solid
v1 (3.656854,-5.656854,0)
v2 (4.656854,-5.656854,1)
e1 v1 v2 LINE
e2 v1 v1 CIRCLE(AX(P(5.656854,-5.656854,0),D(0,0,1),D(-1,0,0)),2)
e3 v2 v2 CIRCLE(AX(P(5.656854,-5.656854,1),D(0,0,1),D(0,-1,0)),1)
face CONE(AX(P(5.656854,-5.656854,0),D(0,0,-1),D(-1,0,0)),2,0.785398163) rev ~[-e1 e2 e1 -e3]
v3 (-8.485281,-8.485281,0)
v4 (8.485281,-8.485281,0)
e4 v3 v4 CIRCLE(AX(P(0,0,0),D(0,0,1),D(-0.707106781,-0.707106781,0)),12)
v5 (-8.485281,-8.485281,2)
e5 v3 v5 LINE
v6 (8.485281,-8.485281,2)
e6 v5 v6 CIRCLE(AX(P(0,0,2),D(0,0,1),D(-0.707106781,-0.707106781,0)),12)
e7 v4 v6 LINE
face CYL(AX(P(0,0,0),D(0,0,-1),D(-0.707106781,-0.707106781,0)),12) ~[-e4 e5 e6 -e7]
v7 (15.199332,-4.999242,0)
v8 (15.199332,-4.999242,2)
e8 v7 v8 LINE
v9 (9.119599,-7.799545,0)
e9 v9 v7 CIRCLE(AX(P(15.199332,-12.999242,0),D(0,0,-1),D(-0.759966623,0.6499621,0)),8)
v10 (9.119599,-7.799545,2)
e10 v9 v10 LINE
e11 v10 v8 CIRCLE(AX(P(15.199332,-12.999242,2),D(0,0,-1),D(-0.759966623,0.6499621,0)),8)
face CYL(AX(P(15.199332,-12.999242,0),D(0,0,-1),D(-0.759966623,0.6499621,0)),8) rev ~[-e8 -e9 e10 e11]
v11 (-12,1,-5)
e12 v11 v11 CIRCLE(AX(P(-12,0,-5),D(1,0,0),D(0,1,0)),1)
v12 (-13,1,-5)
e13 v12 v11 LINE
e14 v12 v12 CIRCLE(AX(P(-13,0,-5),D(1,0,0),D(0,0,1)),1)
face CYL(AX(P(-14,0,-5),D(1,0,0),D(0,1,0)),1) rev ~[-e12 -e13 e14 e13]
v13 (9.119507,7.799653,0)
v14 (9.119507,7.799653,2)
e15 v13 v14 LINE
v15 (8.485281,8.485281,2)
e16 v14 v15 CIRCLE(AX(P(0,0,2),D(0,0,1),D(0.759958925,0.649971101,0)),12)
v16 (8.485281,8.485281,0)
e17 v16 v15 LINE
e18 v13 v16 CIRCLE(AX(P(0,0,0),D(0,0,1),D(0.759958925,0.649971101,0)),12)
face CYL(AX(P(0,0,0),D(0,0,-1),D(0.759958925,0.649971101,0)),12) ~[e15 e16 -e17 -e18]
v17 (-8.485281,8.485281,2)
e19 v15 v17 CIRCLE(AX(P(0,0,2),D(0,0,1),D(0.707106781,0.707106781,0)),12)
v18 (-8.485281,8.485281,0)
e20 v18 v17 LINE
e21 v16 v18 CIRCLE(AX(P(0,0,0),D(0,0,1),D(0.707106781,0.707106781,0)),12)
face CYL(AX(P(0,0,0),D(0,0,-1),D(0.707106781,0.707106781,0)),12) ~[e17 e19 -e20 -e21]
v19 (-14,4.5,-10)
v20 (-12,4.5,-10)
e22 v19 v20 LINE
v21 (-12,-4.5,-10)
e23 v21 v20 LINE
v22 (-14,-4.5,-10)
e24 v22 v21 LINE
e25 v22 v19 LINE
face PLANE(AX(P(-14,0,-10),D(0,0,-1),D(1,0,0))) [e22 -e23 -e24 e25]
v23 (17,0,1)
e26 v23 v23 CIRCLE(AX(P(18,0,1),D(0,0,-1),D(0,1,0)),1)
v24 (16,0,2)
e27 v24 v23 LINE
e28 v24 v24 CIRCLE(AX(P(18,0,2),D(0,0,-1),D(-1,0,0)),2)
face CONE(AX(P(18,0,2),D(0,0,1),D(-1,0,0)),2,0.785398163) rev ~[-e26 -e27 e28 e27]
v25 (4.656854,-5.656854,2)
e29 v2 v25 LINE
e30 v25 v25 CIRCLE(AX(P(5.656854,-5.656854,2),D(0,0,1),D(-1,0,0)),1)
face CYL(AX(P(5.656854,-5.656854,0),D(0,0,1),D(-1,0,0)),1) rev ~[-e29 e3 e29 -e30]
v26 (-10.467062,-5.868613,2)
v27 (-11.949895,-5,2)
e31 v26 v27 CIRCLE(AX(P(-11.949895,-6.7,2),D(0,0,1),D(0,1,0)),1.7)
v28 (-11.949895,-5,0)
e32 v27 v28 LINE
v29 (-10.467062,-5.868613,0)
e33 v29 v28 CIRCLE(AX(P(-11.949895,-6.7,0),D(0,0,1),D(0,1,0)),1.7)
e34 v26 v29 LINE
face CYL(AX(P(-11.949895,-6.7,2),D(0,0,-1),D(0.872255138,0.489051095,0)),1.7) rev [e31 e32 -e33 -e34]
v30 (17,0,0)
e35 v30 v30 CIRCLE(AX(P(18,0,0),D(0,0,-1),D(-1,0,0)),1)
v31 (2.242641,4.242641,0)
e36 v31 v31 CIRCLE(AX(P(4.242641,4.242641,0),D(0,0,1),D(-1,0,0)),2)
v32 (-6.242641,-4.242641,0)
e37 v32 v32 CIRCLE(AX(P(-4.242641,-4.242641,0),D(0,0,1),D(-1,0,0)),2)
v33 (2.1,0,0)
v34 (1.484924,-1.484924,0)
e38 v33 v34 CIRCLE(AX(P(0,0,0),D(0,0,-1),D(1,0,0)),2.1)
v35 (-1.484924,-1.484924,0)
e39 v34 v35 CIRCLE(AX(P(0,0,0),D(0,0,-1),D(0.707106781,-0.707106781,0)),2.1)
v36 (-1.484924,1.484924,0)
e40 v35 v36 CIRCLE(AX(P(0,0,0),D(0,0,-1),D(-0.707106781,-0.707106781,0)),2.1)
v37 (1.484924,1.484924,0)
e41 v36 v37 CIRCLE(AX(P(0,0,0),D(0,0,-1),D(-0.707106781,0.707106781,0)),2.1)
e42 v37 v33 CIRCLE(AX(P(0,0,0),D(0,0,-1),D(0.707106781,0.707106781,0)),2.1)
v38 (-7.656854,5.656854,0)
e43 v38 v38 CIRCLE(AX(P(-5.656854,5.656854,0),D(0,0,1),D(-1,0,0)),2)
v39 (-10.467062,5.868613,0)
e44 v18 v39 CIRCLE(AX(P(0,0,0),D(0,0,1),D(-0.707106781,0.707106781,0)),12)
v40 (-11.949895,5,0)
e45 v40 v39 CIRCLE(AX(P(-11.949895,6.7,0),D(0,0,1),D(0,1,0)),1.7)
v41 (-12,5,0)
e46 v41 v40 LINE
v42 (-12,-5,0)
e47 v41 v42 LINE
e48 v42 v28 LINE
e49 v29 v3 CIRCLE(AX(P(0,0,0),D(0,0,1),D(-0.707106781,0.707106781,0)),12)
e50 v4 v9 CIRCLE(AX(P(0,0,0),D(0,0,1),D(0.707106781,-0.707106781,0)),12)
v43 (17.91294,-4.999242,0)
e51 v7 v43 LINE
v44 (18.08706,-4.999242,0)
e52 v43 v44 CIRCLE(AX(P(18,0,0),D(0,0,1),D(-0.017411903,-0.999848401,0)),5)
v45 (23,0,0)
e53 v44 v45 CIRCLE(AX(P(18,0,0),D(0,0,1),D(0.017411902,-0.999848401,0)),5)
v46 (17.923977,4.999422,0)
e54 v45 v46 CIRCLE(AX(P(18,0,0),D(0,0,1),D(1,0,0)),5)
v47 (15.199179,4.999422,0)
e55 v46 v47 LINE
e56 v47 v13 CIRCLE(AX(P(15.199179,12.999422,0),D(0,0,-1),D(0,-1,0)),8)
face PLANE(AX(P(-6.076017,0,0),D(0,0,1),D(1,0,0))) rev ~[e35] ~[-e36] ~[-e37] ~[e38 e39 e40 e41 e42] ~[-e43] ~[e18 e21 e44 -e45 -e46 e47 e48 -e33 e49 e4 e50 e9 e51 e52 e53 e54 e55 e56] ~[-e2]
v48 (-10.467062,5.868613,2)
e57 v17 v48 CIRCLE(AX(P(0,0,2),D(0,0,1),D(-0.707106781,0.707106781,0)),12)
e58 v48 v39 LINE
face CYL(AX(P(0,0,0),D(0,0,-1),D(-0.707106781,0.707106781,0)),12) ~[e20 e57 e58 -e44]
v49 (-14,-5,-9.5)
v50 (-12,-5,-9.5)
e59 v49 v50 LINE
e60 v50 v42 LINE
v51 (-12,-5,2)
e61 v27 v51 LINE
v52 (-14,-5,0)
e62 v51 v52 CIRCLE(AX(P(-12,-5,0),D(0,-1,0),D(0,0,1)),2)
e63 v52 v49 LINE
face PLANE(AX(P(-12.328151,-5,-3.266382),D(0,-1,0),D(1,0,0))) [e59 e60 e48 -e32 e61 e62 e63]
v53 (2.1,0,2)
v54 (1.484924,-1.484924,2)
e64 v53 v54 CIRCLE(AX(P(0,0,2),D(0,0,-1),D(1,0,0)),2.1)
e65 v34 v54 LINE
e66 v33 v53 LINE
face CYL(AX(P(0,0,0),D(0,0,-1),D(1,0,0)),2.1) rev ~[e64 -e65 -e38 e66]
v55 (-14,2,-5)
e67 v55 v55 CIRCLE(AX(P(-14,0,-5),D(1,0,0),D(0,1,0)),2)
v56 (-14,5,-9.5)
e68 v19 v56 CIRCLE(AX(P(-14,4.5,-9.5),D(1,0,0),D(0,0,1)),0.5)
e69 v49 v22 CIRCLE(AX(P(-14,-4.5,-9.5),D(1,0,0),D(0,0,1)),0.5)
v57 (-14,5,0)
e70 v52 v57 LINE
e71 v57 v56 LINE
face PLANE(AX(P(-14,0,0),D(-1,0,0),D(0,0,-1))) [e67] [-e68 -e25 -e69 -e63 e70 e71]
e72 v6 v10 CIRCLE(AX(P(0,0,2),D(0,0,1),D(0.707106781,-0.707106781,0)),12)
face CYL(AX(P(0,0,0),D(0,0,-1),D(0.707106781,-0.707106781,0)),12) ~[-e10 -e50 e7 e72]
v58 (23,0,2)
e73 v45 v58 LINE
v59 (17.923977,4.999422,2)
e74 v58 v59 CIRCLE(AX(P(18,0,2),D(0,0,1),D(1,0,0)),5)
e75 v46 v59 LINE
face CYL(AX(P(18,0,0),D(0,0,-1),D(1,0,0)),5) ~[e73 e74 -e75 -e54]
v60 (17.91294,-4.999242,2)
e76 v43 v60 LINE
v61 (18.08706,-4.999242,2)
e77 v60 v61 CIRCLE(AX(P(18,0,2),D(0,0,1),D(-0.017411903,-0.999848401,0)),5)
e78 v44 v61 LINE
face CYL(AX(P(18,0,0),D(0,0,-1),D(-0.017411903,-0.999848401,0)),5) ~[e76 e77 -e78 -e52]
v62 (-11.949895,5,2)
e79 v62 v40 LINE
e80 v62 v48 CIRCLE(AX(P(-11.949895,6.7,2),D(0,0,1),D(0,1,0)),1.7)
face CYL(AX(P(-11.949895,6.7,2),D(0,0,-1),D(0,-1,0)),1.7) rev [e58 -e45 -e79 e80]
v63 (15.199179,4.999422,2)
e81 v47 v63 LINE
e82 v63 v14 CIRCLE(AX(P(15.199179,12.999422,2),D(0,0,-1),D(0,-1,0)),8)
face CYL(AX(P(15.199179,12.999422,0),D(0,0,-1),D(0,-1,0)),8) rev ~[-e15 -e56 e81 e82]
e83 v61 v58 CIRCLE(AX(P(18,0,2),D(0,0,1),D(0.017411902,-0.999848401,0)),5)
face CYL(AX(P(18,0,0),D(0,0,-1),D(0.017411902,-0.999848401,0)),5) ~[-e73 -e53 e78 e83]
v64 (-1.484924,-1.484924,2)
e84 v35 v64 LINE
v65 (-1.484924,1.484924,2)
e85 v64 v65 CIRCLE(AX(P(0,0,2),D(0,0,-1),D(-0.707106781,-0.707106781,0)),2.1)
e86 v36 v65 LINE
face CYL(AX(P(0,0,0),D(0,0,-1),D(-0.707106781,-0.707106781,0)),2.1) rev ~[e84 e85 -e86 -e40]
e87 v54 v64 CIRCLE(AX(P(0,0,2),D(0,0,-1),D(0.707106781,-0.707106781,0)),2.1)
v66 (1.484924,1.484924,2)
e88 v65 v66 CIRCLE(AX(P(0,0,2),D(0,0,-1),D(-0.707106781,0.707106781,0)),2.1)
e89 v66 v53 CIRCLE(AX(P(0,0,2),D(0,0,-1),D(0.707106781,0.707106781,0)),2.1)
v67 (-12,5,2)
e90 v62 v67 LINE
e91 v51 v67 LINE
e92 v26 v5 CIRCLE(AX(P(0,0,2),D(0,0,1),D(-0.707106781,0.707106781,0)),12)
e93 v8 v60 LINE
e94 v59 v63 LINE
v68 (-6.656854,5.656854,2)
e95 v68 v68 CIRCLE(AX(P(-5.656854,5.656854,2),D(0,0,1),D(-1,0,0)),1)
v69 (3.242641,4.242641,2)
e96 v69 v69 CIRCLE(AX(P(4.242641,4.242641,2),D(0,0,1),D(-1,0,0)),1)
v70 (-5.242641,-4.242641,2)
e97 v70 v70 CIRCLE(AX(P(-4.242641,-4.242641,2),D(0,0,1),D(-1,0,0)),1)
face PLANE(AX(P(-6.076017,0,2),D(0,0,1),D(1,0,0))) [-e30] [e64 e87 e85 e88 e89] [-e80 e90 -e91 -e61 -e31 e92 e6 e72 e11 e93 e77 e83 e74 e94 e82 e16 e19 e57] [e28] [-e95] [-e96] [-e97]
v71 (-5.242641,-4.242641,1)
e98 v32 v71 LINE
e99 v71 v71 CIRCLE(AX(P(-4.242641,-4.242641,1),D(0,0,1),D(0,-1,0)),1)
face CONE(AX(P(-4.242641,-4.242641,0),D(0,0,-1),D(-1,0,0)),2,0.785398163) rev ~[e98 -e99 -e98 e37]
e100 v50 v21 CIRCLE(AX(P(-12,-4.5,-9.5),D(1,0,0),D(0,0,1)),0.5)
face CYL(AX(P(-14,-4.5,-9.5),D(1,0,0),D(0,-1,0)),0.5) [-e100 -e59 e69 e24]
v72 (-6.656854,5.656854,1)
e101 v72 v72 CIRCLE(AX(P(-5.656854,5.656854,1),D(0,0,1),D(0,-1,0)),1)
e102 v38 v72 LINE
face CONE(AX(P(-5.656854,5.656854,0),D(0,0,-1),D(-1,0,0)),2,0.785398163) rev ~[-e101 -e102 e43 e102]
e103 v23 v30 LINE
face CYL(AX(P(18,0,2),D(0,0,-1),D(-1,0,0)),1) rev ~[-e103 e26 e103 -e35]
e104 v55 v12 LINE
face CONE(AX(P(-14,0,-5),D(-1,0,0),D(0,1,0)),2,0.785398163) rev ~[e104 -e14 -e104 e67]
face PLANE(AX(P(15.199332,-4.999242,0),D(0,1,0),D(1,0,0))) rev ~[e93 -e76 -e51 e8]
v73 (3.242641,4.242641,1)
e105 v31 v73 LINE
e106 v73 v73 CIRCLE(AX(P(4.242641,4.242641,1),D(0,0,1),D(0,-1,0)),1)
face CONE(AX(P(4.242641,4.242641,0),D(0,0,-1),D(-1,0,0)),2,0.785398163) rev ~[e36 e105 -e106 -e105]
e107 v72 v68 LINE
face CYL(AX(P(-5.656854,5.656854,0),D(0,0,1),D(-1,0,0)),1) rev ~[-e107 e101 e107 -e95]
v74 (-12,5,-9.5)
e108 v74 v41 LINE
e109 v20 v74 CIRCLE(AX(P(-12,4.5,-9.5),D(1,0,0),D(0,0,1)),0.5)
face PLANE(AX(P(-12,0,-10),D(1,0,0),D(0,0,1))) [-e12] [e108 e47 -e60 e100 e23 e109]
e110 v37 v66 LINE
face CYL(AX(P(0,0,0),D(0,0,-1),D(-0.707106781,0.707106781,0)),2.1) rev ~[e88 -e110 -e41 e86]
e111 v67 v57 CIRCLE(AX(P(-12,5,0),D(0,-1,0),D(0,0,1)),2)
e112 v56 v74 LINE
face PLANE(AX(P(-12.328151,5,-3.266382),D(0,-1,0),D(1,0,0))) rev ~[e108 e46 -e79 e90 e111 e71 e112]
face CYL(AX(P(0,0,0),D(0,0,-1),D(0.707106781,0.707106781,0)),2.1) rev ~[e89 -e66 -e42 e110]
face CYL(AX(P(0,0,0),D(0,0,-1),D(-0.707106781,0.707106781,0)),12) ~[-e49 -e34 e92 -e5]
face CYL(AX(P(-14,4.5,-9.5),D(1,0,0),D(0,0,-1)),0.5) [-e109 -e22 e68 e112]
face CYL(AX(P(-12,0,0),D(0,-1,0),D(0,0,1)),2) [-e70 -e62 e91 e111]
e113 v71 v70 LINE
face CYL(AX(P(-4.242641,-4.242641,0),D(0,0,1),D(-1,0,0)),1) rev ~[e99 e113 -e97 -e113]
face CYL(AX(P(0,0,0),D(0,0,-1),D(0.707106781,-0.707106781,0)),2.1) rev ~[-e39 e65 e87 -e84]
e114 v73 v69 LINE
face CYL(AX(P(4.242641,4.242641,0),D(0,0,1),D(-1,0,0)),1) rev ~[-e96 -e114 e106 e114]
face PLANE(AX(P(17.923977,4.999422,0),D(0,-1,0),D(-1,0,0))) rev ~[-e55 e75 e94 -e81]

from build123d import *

# Parameters (mm, degrees)
F1_DEPTH        = 2
F3_DEPTH        = 5
F4_R            = 1.7
F5_R            = 1.7
F7_D            = 2
F7_CSINK_D      = 4
F7_CSINK_ANGLE  = 90
F8_DEPTH        = 2
F9_D            = 2
F9_CSINK_D      = 4
F9_CSINK_ANGLE  = 90
F10_R           = 0.5
F12_D           = 2
F12_CSINK_D     = 4
F12_CSINK_ANGLE = 90


with BuildPart() as f1:
    # F0 (on Top) → F1 (new body)
    with BuildSketch(Plane.XY):
        with BuildLine():
            ThreePointArc((10.9090595084, -4.9992420067), (11.7240930161, -2.5584454166), (12, 0))
            ThreePointArc((12, 0), (11.7240719072, 2.5585421465), (10.9089770141, 4.9994220172))
            ThreePointArc((10.9089770141, 4.9994220172), (10.1116451525, 6.4617824406), (9.1195071029, 7.7996532103))
            ThreePointArc((9.1195071029, 7.7996532103), (8.8090672506, 8.1486400199), (8.4852813742, 8.4852813742))
            Line((8.4852813742, 8.4852813742), (5.6568542495, 5.6568542495))
            ThreePointArc((5.6568542495, 5.6568542495), (7.3910362601, 3.0614674589), (8, 0))
            ThreePointArc((8, 0), (7.3910362601, -3.0614674589), (5.6568542495, -5.6568542495))
            Line((5.6568542495, -5.6568542495), (8.4852813742, -8.4852813742))
            ThreePointArc((8.4852813742, -8.4852813742), (8.8091155041, -8.1485878553), (9.1195994764, -7.799545204))
            ThreePointArc((9.1195994764, -7.799545204), (10.1117367293, -6.4616391356), (10.9090595084, -4.9992420067))
        make_face()
        with BuildLine():
            ThreePointArc((10.9089770141, 4.9994220172), (11.7240719072, 2.5585421465), (12, 0))
            ThreePointArc((12, 0), (11.7240930161, -2.5584454166), (10.9090595084, -4.9992420067))
            Line((10.9090595084, -4.9992420067), (15.1993324607, -4.9992420067))
            Line((15.1993324607, -4.9992420067), (17.9129404916, -4.9992420067))
            ThreePointArc((17.9129404916, -4.9992420067), (13.0000030459, 0.0055189952), (17.9239770141, 4.9994220172))
            Line((17.9239770141, 4.9994220172), (15.1991785048, 4.9994220172))
            Line((15.1991785048, 4.9994220172), (10.9089770141, 4.9994220172))
        make_face()
        with BuildLine():
            ThreePointArc((9.1195071029, 7.7996532103), (10.1116451525, 6.4617824406), (10.9089770141, 4.9994220172))
            Line((10.9089770141, 4.9994220172), (15.1991785048, 4.9994220172))
            ThreePointArc((15.1991785048, 4.9994220172), (11.8524002372, 5.7331248014), (9.1195071029, 7.7996532103))
        make_face()
        with BuildLine():
            Line((15.1993324607, -4.9992420067), (10.9090595084, -4.9992420067))
            ThreePointArc((10.9090595084, -4.9992420067), (10.1117367293, -6.4616391356), (9.1195994764, -7.799545204))
            ThreePointArc((9.1195994764, -7.799545204), (11.8525111644, -5.7329646097), (15.1993324607, -4.9992420067))
        make_face()
        with BuildLine():
            Line((5.6568542495, 5.6568542495), (8.4852813742, 8.4852813742))
            ThreePointArc((8.4852813742, 8.4852813742), (0, 12), (-8.4852813742, 8.4852813742))
            Line((-8.4852813742, 8.4852813742), (-5.6568542495, 5.6568542495))
            ThreePointArc((-5.6568542495, 5.6568542495), (0, 8), (5.6568542495, 5.6568542495))
        make_face()
        with BuildLine():
            ThreePointArc((23, 0), (21.5085527693, 3.5623106918), (17.9239770141, 4.9994220172))
            ThreePointArc((17.9239770141, 4.9994220172), (13.0000030459, 0.0055189952), (17.9129404916, -4.9992420067))
            Line((17.9129404916, -4.9992420067), (18.0870595084, -4.9992420067))
            ThreePointArc((18.0870595084, -4.9992420067), (21.5661812589, -3.5046185568), (23, 0))
        make_face()
        with BuildLine():
            ThreePointArc((-8.4852813742, -8.4852813742), (0, -12), (8.4852813742, -8.4852813742))
            Line((8.4852813742, -8.4852813742), (5.6568542495, -5.6568542495))
            ThreePointArc((5.6568542495, -5.6568542495), (0, -8), (-5.6568542495, -5.6568542495))
            Line((-5.6568542495, -5.6568542495), (-8.4852813742, -8.4852813742))
        make_face()
        with BuildLine():
            Line((18.0870595084, -4.9992420067), (17.9129404916, -4.9992420067))
            ThreePointArc((17.9129404916, -4.9992420067), (18, -5), (18.0870595084, -4.9992420067))
        make_face()
        with BuildLine():
            Line((-5.6568542495, 5.6568542495), (-8.4852813742, 8.4852813742))
            ThreePointArc((-8.4852813742, 8.4852813742), (-12, 0), (-8.4852813742, -8.4852813742))
            Line((-8.4852813742, -8.4852813742), (-5.6568542495, -5.6568542495))
            ThreePointArc((-5.6568542495, -5.6568542495), (-8, 0), (-5.6568542495, 5.6568542495))
        make_face()
    extrude(amount=F1_DEPTH)

    # F2 (on Front) → F3 (join, symmetric)
    with BuildSketch(Plane.XZ):
        with BuildLine():
            Line((-11.9999999998, -10), (-11.9999999998, 0))
            Line((-11.9999999998, 0), (-8.9999999998, 0))
            Line((-8.9999999998, 0), (-8.9999999998, 2))
            Line((-8.9999999998, 2), (-11.9999999998, 2))
            ThreePointArc((-11.9999999998, 2), (-13.4142135622, 1.4142135624), (-13.9999999998, 0))
            Line((-13.9999999998, 0), (-13.9999999998, -10))
            Line((-13.9999999998, -10), (-11.9999999998, -10))
        make_face()
    extrude(amount=F3_DEPTH, both=True)

    # F4
    f4_edges = [f1.edges().sort_by_distance(p)[0] for p in [
        (-10.908712, -5, 1),
    ]]
    fillet(f4_edges, radius=F4_R)

    # F5
    f5_edges = [f1.edges().sort_by_distance(p)[0] for p in [
        (-10.908712, 5, 1),
    ]]
    fillet(f5_edges, radius=F5_R)

    # F7 (through all)
    with Locations(Plane.XY.offset(2)):
        with Locations((18, 0)):
            CounterSinkHole(F7_D / 2, F7_CSINK_D / 2, counter_sink_angle=F7_CSINK_ANGLE)

    # F0 (on Top) → F8 (join)
    with BuildSketch(Plane.XY):
        with BuildLine():
            Line((-4.2426406871, 4.2426406871), (-5.6568542495, 5.6568542495))
            ThreePointArc((-5.6568542495, 5.6568542495), (-8, 0), (-5.6568542495, -5.6568542495))
            Line((-5.6568542495, -5.6568542495), (-4.2426406871, -4.2426406871))
            ThreePointArc((-4.2426406871, -4.2426406871), (-6, 0), (-4.2426406871, 4.2426406871))
        make_face()
        with BuildLine():
            Line((4.2426406871, 4.2426406871), (5.6568542495, 5.6568542495))
            ThreePointArc((5.6568542495, 5.6568542495), (0, 8), (-5.6568542495, 5.6568542495))
            Line((-5.6568542495, 5.6568542495), (-4.2426406871, 4.2426406871))
            ThreePointArc((-4.2426406871, 4.2426406871), (0, 6), (4.2426406871, 4.2426406871))
        make_face()
        with BuildLine():
            ThreePointArc((8, 0), (7.3910362601, 3.0614674589), (5.6568542495, 5.6568542495))
            Line((5.6568542495, 5.6568542495), (4.2426406871, 4.2426406871))
            ThreePointArc((4.2426406871, 4.2426406871), (5.5432771951, 2.2961005942), (6, 0))
            ThreePointArc((6, 0), (5.5432771951, -2.2961005942), (4.2426406871, -4.2426406871))
            Line((4.2426406871, -4.2426406871), (5.6568542495, -5.6568542495))
            ThreePointArc((5.6568542495, -5.6568542495), (7.3910362601, -3.0614674589), (8, 0))
        make_face()
        with BuildLine():
            ThreePointArc((6, 0), (5.5432771951, 2.2961005942), (4.2426406871, 4.2426406871))
            Line((4.2426406871, 4.2426406871), (1.4849242405, 1.4849242405))
            ThreePointArc((1.4849242405, 1.4849242405), (1.9401470183, 0.803635208), (2.1, 0))
            ThreePointArc((2.1, 0), (1.9401470183, -0.803635208), (1.4849242405, -1.4849242405))
            Line((1.4849242405, -1.4849242405), (4.2426406871, -4.2426406871))
            ThreePointArc((4.2426406871, -4.2426406871), (5.5432771951, -2.2961005942), (6, 0))
        make_face()
        with BuildLine():
            ThreePointArc((-4.2426406871, -4.2426406871), (0, -6), (4.2426406871, -4.2426406871))
            Line((4.2426406871, -4.2426406871), (1.4849242405, -1.4849242405))
            ThreePointArc((1.4849242405, -1.4849242405), (0, -2.1), (-1.4849242405, -1.4849242405))
            Line((-1.4849242405, -1.4849242405), (-4.2426406871, -4.2426406871))
        make_face()
        with BuildLine():
            Line((-1.4849242405, 1.4849242405), (-4.2426406871, 4.2426406871))
            ThreePointArc((-4.2426406871, 4.2426406871), (-6, 0), (-4.2426406871, -4.2426406871))
            Line((-4.2426406871, -4.2426406871), (-1.4849242405, -1.4849242405))
            ThreePointArc((-1.4849242405, -1.4849242405), (-2.1, 0), (-1.4849242405, 1.4849242405))
        make_face()
        with BuildLine():
            Line((1.4849242405, 1.4849242405), (4.2426406871, 4.2426406871))
            ThreePointArc((4.2426406871, 4.2426406871), (0, 6), (-4.2426406871, 4.2426406871))
            Line((-4.2426406871, 4.2426406871), (-1.4849242405, 1.4849242405))
            ThreePointArc((-1.4849242405, 1.4849242405), (0, 2.1), (1.4849242405, 1.4849242405))
        make_face()
        with BuildLine():
            ThreePointArc((-5.6568542495, -5.6568542495), (0, -8), (5.6568542495, -5.6568542495))
            Line((5.6568542495, -5.6568542495), (4.2426406871, -4.2426406871))
            ThreePointArc((4.2426406871, -4.2426406871), (0, -6), (-4.2426406871, -4.2426406871))
            Line((-4.2426406871, -4.2426406871), (-5.6568542495, -5.6568542495))
        make_face()
    extrude(amount=F8_DEPTH)

    # F9 (through all)
    with Locations(Plane(origin=(0, 0, 0), x_dir=(1, 0, 0), z_dir=(0, 0, -1))):
        with Locations((-4.2426406871, 4.2426406871), (5.6568542495, 5.6568542495), (4.2426406871, -4.2426406871), (-5.6568542495, -5.6568542495)):
            CounterSinkHole(F9_D / 2, F9_CSINK_D / 2, counter_sink_angle=F9_CSINK_ANGLE)

    # F10
    f10_edges = [f1.edges().sort_by_distance(p)[0] for p in [
        (-13, -5, -10),
        (-13, 5, -10),
    ]]
    fillet(f10_edges, radius=F10_R)

    # F12 (through all)
    with Locations(Plane(origin=(-13.9999999998, 0, 0), x_dir=(0, -1, 0), z_dir=(-1, 0, 0))):
        with Locations((0, -5)):
            CounterSinkHole(F12_D / 2, F12_CSINK_D / 2, counter_sink_angle=F12_CSINK_ANGLE)


solid = f1.part
